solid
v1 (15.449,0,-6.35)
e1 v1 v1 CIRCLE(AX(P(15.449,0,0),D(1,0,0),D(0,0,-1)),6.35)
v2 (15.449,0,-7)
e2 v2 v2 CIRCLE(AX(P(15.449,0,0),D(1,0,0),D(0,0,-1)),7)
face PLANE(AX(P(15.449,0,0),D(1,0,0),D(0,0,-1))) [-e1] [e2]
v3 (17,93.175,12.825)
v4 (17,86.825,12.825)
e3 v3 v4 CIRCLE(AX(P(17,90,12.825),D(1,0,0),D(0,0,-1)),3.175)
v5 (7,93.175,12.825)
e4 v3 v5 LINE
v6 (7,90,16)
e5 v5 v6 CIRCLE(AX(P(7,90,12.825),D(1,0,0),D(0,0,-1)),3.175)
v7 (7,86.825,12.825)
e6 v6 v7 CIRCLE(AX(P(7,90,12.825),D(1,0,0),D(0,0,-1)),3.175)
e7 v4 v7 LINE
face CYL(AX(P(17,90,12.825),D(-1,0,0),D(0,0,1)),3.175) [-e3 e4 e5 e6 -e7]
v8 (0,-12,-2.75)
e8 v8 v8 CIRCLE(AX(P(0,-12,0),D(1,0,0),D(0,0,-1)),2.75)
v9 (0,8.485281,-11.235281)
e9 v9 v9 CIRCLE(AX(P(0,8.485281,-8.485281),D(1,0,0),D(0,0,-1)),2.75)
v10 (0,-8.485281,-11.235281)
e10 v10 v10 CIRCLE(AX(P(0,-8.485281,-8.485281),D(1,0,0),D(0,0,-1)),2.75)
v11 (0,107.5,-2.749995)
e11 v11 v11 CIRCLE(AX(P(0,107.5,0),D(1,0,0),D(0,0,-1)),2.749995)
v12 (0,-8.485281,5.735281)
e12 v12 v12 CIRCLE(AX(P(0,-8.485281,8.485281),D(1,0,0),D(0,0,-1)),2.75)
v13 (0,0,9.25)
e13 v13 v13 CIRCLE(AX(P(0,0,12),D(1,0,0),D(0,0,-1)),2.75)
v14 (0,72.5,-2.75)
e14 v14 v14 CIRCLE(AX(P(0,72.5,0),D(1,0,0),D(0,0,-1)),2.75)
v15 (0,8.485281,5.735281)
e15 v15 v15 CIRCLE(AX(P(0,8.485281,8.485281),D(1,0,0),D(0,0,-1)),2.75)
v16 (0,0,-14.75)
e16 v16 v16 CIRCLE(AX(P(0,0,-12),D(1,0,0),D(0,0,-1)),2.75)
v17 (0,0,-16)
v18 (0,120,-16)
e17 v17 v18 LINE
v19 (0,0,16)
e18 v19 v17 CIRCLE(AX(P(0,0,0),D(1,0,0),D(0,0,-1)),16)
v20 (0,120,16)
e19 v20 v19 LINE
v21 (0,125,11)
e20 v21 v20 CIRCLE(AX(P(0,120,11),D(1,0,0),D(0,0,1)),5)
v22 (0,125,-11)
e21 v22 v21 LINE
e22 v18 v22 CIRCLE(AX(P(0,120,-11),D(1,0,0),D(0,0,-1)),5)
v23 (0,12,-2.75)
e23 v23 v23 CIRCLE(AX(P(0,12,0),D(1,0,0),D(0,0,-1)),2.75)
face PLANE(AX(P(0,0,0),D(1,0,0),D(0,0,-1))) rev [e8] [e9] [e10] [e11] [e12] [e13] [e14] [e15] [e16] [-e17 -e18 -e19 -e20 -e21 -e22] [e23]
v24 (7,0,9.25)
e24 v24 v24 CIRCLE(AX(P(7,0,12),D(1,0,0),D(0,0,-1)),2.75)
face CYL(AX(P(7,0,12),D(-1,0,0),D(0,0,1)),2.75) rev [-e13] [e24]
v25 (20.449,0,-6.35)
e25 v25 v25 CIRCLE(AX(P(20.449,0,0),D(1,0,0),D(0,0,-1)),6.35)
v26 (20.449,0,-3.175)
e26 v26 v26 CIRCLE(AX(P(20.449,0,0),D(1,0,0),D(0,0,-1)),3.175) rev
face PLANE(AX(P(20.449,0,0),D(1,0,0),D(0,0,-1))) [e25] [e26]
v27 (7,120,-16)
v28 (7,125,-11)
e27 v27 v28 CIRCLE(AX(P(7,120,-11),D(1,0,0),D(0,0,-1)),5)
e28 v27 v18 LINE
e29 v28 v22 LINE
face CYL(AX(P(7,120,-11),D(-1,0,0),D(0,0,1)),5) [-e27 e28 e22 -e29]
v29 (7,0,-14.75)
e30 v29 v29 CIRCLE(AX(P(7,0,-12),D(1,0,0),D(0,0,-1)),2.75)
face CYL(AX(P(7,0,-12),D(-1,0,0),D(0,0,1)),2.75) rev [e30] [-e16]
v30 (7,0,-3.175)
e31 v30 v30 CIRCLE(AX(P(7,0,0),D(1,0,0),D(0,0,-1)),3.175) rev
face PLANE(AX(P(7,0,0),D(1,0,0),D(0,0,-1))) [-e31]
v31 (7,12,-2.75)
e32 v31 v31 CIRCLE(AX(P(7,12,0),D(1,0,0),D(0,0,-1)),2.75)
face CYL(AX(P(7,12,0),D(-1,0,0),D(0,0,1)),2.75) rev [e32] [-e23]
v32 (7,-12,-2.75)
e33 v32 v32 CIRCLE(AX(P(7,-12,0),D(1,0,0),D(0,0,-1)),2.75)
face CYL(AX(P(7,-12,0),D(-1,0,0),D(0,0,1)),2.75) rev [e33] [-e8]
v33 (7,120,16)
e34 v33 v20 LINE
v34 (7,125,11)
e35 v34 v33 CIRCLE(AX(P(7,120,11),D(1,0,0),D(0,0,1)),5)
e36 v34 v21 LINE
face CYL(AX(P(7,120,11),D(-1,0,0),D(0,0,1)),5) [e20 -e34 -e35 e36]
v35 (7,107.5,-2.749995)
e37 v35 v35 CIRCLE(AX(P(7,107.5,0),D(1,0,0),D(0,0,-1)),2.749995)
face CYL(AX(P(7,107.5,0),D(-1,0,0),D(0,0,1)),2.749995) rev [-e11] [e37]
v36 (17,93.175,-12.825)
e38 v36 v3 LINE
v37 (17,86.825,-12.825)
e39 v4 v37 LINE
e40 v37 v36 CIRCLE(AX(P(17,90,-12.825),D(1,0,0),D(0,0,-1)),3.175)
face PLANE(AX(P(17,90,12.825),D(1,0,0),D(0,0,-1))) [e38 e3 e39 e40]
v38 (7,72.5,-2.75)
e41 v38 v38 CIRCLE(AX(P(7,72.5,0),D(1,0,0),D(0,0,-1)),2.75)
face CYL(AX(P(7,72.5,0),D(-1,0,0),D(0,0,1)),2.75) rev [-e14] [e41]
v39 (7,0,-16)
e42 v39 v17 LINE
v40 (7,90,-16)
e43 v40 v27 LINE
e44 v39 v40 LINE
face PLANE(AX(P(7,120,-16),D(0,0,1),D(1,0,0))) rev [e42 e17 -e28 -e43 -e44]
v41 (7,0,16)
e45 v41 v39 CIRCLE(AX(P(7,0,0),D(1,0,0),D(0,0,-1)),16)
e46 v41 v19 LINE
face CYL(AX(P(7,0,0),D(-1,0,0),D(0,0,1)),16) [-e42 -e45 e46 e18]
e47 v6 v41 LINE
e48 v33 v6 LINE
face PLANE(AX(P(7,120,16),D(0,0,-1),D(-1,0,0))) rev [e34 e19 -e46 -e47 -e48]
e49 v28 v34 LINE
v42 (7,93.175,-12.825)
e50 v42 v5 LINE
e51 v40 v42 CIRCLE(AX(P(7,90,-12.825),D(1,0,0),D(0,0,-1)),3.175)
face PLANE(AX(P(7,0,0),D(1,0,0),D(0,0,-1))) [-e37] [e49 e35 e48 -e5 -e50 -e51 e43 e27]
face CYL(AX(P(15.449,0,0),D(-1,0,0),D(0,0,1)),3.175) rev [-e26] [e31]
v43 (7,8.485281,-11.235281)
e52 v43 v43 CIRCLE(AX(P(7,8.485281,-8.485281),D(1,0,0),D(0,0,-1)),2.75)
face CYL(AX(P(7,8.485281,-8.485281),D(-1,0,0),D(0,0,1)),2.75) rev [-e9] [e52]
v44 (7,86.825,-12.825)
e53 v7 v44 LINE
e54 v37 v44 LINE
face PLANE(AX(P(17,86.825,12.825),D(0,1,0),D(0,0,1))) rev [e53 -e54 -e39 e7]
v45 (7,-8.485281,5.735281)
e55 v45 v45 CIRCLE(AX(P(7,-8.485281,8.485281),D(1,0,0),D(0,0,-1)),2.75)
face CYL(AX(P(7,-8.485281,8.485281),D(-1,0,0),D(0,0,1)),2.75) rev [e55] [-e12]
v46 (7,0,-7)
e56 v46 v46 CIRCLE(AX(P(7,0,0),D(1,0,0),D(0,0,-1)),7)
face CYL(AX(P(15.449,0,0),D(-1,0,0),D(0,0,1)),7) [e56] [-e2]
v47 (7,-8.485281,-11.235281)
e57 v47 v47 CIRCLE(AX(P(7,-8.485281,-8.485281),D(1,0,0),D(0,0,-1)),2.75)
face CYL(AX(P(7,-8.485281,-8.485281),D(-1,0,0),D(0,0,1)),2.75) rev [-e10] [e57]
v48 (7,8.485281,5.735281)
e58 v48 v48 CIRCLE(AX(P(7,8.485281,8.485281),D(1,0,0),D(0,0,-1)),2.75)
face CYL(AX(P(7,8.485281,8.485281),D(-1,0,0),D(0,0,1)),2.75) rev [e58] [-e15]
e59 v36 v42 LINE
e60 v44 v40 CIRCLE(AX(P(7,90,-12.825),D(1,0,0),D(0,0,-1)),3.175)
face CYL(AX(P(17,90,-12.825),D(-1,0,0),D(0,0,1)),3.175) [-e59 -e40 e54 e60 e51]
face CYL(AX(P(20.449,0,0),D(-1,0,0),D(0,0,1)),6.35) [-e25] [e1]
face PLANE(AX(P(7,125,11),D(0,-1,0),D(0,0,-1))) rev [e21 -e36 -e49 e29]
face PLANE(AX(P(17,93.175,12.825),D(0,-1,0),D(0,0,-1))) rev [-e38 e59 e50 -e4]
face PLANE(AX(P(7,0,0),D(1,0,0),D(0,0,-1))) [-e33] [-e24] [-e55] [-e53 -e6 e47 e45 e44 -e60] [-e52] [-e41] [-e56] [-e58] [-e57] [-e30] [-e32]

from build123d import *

# Parameters (mm, degrees)
SKETCH1_R           = 2.7499945
SKETCH1_R_2         = 2.75
BOSS_EXTRUDE1_DEPTH = 7
SKETCH3_R           = 7
SKETCH3_R_2         = 3.175
BOSS_EXTRUDE2_DEPTH = 8.449
SKETCH6_R           = 6.35
SKETCH6_R_2         = 3.175
BOSS_EXTRUDE4_DEPTH = 5
BOSS_EXTRUDE5_DEPTH = 10


with BuildPart() as part:
    # Sketch1 → Boss-Extrude1 (new body)
    with BuildSketch(Plane(origin=(0, 0, 0), x_dir=(0, 0, -1), z_dir=(1, 0, 0))):
        with BuildLine():
            Line((-11, 125), (11, 125))
            ThreePointArc((11, 125), (14.535533906, 123.535533906), (16, 120))
            Line((16, 120), (16, 0))
            ThreePointArc((16, 0), (0, -16), (-16, 0))
            Line((-16, 0), (-16, 120))
            ThreePointArc((-16, 120), (-14.535533906, 123.535533906), (-11, 125))
        make_face()
        with Locations((0, 107.5)):
            Circle(SKETCH1_R, mode=Mode.SUBTRACT)
        with Locations((0, 72.5)):
            Circle(SKETCH1_R_2, mode=Mode.SUBTRACT)
        with Locations((0, 12)):
            Circle(SKETCH1_R_2, mode=Mode.SUBTRACT)
        with Locations((8.485281374, 8.485281374)):
            Circle(SKETCH1_R_2, mode=Mode.SUBTRACT)
        with Locations((12, 0)):
            Circle(SKETCH1_R_2, mode=Mode.SUBTRACT)
        with Locations((8.485281374, -8.485281374)):
            Circle(SKETCH1_R_2, mode=Mode.SUBTRACT)
        with Locations((0, -12)):
            Circle(SKETCH1_R_2, mode=Mode.SUBTRACT)
        with Locations((-8.485281374, -8.485281374)):
            Circle(SKETCH1_R_2, mode=Mode.SUBTRACT)
        with Locations((-12, 0)):
            Circle(SKETCH1_R_2, mode=Mode.SUBTRACT)
        with Locations((-8.485281374, 8.485281374)):
            Circle(SKETCH1_R_2, mode=Mode.SUBTRACT)
    extrude(amount=BOSS_EXTRUDE1_DEPTH)

    # Sketch3 → Boss-Extrude2 (add)
    with BuildSketch(Plane(origin=(7, 0, 0), x_dir=(0, 0, -1), z_dir=(1, 0, 0))):
        Circle(SKETCH3_R)
        Circle(SKETCH3_R_2, mode=Mode.SUBTRACT)
    extrude(amount=BOSS_EXTRUDE2_DEPTH)

    # Sketch6 → Boss-Extrude4 (add)
    with BuildSketch(Plane(origin=(15.449, 0, 0), x_dir=(0, 0, -1), z_dir=(1, 0, 0))):
        Circle(SKETCH6_R)
        Circle(SKETCH6_R_2, mode=Mode.SUBTRACT)
    extrude(amount=BOSS_EXTRUDE4_DEPTH)

    # Sketch7 → Boss-Extrude5 (add)
    with BuildSketch(Plane(origin=(7, 0, 0), x_dir=(0, 0, -1), z_dir=(1, 0, 0))):
        with BuildLine():
            Line((-12.825, 93.175), (12.825, 93.175))
            ThreePointArc((12.825, 93.175), (16, 90), (12.825, 86.825))
            Line((12.825, 86.825), (-12.825, 86.825))
            ThreePointArc((-12.825, 86.825), (-16, 90), (-12.825, 93.175))
        make_face()
    extrude(amount=BOSS_EXTRUDE5_DEPTH)


solid = part.part
